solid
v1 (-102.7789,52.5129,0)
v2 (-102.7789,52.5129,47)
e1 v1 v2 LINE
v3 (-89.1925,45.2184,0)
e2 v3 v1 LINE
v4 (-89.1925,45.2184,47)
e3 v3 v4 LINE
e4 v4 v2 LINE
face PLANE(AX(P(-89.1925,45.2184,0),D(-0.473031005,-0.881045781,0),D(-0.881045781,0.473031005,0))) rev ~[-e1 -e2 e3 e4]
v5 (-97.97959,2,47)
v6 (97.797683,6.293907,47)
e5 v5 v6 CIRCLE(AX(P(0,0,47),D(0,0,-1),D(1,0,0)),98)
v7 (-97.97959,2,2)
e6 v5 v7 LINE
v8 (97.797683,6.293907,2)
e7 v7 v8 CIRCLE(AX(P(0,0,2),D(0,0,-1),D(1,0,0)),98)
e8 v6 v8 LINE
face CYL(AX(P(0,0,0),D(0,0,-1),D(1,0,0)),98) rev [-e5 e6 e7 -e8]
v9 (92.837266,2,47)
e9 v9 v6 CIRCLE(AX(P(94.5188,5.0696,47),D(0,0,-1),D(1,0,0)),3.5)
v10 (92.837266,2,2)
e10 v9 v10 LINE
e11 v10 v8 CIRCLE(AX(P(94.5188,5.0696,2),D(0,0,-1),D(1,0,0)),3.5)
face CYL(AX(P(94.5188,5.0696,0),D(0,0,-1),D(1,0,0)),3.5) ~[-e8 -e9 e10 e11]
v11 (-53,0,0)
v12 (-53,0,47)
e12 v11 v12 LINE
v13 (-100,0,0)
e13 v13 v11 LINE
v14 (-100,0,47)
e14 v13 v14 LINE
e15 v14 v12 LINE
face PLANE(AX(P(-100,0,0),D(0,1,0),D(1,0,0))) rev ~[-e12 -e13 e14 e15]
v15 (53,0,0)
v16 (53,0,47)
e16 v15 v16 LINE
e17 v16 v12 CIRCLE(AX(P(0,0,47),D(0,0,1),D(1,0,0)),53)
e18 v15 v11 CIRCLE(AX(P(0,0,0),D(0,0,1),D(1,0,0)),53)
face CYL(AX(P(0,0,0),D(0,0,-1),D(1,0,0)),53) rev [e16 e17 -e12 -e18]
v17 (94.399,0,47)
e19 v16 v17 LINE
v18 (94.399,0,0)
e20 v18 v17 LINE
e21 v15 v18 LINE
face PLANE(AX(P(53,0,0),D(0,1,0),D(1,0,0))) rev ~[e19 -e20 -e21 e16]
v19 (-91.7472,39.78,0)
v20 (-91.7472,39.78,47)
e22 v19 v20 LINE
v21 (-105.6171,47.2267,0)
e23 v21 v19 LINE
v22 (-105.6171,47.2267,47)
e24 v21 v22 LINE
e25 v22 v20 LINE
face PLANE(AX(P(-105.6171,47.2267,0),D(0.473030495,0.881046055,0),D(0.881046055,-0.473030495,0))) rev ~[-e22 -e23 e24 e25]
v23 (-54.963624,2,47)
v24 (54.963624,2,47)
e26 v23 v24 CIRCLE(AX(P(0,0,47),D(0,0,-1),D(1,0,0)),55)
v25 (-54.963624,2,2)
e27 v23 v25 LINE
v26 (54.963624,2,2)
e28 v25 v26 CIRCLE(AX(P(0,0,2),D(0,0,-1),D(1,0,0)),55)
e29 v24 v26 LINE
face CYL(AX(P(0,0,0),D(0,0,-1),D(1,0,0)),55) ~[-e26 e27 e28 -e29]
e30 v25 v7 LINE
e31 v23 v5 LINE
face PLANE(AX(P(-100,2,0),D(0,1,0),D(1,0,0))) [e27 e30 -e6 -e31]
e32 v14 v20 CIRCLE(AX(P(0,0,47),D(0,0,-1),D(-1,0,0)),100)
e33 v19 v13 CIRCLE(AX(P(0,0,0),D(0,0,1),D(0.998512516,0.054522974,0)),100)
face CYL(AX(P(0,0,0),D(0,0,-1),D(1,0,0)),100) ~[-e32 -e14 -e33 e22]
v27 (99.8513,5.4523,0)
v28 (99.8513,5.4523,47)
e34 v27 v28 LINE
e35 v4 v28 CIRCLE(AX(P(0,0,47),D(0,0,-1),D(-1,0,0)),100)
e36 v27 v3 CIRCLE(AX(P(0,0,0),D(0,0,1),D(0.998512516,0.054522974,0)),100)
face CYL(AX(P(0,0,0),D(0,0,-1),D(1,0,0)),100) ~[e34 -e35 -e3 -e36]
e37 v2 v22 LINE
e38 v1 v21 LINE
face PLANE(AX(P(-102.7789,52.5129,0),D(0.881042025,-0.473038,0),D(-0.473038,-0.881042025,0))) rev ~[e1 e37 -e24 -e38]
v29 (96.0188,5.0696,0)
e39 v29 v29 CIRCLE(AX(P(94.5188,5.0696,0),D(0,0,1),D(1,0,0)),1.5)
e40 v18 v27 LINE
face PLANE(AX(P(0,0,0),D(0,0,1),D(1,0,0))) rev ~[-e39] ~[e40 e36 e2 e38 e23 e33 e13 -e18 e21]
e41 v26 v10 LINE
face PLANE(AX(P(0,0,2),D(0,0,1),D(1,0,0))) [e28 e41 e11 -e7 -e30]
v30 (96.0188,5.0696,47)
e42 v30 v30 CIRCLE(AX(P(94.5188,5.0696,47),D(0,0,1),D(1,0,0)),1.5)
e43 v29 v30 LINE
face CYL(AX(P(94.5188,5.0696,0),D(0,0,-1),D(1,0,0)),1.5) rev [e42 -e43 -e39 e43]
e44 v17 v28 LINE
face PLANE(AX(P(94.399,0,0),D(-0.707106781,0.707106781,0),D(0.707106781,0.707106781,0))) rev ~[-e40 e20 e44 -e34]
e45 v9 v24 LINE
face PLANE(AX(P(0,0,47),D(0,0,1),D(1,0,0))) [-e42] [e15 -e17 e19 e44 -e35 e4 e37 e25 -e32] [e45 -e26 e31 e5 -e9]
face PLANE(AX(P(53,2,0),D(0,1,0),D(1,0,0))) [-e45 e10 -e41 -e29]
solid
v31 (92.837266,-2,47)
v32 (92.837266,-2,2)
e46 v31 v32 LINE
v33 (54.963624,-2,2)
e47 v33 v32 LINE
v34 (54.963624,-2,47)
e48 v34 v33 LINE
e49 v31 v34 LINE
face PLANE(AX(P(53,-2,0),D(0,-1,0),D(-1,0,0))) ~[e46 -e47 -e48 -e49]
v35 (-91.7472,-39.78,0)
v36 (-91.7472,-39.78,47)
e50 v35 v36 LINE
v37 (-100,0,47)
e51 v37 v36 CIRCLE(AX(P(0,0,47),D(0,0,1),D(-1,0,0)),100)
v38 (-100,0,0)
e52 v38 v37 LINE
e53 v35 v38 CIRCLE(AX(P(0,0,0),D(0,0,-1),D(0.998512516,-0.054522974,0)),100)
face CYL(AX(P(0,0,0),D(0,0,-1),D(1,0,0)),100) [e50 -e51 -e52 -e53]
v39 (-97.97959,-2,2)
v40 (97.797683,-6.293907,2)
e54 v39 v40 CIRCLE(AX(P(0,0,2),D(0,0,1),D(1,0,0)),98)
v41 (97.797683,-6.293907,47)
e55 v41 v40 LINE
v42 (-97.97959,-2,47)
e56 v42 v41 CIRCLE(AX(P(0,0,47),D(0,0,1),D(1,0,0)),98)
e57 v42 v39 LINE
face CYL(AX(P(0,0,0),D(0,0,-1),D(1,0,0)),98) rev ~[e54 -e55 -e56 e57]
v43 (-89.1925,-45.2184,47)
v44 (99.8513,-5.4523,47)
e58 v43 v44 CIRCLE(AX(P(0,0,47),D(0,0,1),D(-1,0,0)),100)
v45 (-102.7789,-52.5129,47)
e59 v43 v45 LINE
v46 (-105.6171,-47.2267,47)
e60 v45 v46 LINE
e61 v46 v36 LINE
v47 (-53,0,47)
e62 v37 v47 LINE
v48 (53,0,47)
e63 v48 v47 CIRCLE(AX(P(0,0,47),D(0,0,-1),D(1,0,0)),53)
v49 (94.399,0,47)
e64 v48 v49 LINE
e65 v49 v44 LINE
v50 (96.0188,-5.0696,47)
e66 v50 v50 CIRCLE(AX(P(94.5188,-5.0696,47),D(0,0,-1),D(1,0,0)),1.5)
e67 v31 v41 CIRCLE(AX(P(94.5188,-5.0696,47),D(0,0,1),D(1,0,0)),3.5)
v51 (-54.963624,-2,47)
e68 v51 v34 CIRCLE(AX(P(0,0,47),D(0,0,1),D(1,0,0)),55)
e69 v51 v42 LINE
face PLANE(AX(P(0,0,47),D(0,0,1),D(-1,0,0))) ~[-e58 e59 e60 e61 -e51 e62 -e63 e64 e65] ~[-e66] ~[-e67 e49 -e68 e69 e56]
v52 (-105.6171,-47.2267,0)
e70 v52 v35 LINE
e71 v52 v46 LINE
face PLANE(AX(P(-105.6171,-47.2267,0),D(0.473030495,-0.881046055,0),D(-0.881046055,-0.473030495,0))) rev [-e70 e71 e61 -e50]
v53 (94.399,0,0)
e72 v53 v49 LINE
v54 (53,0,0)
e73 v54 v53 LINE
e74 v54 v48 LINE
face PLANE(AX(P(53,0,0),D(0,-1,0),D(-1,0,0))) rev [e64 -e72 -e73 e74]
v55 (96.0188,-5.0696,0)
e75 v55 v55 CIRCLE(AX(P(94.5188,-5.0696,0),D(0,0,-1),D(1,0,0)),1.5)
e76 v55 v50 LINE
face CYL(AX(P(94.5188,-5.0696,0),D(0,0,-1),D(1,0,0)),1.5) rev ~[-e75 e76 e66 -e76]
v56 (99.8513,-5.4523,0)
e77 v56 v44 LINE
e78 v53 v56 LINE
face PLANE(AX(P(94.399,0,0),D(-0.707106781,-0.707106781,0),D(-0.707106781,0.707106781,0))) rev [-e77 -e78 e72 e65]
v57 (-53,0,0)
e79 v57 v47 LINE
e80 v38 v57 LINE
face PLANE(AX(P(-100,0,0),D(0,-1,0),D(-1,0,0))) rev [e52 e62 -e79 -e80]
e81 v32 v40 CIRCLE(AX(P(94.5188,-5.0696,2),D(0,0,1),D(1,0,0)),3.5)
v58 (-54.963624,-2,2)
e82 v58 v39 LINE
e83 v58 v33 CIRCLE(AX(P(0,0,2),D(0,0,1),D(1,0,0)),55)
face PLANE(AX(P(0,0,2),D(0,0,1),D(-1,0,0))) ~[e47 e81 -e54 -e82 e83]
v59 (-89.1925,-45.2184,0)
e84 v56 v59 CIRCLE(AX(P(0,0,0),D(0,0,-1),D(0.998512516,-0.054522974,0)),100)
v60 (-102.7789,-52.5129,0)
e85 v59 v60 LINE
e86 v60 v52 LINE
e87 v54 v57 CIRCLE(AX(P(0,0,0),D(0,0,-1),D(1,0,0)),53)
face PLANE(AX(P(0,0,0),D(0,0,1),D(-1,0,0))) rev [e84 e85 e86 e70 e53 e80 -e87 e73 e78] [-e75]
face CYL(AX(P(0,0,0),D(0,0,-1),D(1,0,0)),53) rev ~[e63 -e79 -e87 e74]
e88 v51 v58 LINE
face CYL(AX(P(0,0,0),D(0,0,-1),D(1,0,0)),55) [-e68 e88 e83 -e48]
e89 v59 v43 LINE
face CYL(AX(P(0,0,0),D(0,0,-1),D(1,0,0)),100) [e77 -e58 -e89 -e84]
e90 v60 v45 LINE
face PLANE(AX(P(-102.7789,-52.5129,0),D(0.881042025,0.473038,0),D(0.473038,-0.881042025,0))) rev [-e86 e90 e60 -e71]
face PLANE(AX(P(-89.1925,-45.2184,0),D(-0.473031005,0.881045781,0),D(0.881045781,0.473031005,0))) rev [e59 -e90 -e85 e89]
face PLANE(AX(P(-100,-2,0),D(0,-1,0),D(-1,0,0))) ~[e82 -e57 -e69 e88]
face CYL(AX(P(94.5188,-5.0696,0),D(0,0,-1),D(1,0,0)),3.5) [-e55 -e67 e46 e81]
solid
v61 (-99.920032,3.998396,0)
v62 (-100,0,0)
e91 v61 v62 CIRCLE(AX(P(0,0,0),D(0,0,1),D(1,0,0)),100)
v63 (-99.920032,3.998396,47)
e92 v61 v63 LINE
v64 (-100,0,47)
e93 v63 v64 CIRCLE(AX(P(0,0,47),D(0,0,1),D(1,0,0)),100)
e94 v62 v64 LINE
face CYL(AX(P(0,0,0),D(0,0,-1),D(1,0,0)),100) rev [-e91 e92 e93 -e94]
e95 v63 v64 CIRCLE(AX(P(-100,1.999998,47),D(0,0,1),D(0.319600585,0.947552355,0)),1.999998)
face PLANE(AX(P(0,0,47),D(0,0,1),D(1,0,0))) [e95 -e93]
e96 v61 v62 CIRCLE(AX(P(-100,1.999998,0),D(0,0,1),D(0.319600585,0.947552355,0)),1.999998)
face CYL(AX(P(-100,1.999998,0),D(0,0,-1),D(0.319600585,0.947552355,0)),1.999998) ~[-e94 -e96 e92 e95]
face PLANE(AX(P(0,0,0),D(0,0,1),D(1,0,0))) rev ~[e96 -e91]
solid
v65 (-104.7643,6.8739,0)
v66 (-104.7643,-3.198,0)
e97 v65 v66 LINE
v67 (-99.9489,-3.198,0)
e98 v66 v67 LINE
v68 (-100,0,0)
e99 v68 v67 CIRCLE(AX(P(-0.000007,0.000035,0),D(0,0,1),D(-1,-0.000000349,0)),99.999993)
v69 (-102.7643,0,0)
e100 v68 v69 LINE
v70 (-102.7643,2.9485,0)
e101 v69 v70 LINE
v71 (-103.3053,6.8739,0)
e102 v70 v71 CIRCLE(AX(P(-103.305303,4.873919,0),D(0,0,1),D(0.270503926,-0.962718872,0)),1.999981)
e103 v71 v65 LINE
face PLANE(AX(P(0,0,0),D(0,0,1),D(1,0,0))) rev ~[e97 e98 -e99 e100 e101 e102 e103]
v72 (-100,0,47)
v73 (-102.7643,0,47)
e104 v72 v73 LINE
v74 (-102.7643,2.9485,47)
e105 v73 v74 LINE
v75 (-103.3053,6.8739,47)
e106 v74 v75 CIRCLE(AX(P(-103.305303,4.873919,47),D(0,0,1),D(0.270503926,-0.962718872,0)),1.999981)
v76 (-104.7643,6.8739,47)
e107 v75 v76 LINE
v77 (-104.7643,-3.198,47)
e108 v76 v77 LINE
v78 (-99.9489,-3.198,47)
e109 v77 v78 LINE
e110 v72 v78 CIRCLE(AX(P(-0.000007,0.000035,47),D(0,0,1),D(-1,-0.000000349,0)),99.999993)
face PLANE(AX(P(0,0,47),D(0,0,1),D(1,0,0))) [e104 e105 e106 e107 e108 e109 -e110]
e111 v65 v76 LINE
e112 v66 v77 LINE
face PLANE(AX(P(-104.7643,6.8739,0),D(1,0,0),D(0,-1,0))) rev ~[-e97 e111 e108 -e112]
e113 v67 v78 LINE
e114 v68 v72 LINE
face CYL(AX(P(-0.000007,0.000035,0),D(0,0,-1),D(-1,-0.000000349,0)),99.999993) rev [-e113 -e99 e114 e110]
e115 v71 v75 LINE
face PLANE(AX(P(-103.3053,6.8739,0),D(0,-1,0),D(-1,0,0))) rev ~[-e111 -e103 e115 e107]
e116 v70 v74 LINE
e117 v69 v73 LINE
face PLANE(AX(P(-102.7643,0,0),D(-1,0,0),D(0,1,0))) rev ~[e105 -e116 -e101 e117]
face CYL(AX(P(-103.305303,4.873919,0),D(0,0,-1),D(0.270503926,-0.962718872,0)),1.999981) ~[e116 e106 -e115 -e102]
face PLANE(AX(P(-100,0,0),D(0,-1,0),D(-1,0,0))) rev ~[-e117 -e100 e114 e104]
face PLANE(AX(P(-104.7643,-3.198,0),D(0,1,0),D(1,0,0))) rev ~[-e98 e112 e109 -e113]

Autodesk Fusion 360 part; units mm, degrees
sketch "Sketch1" plane through (0, 0, 0) normal (0, 0, 1) x (1, 0, 0)
  arc A0 (100, 0) -> (-100, 0) centre (0, 0) ccw
  line L0 (0, 0) -> (100, 0) construction
  line L1 (0, 0) -> (-100, 0) construction
  arc A1 (53, 0) -> (-53, 0) centre (0, 0) ccw
  line L2 (0, 0) -> (53, 0) construction
  line L3 (0, 0) -> (-53, 0) construction
  line L4 (-100, 0) -> (-53, 0)
  line L5 (53, 0) -> (100, 0)
  line L6 (94.399, 0) -> (99.8513, 5.4523)
  line L7 (94.399, 0) -> (102.1097, 0) construction
  line L8 (-89.1925, 45.2184) -> (-102.7789, 52.5129)
  line L9 (-102.7789, 52.5129) -> (-105.6171, 47.2267)
  line L10 (-105.6171, 47.2267) -> (-91.7472, 39.78)
  circle A2 centre (94.5188, 5.0696) radius 1.5
  circle A3 centre (94.5188, 5.0696) radius 2.5
  dimension "d1" = 100
  dimension "d5" = 47
  dimension "d6" = 45
  dimension "d7" = 6
  dimension "d11" = 3
  dimension "d12" = 2
  dimension "d13" = 5
extrude "Extrude1" add sketch "Sketch1" along normal blind 47 contours A0 A1 L4 L5 L6 | A3 makes body 1
shell "Shell1" thickness 2 removed faces 1 at (80.8693, 23.265, 47) on bodies 1
extrude "Extrude2" add sketch "Sketch1" along normal up to surface (47 mm away) contours A0 L8 L9 L10 bodies 1
mirror "Mirror1" about plane through (0, 0, 0) normal (0, 1, 0) of bodies 1 makes body 2
sketch "Sketch2" plane through (0, 0, 0) normal (0, 0, 1) x (1, 0, 0)
  arc A0 (100, 0) -> (-100, 0) centre (0, 0) ccw
  arc A1 (-100, 0) -> (-91.7472, -39.78) centre (0, 0) ccw
  arc A2 (-99.3608, 3.8951) -> (-100, 0) centre (-100, 2) ccw
  line L0 (-100, 0) -> (-102.7643, 0)
  line L1 (-102.7643, 0) -> (-102.7643, 2.9485)
  arc A3 (-99.8526, 5.4275) -> (-99.8385, 5.6804) centre (-101.6525, 5.6545) ccw
  arc A4 (-102.7643, 2.9485) -> (-103.3053, 6.8739) centre (-103.3053, 4.8739) ccw
  line L2 (-103.3053, 6.8739) -> (-104.7643, 6.8739)
  line L3 (-104.7643, 6.8739) -> (-104.7643, -3.198)
  line L4 (-104.7643, -3.198) -> (-99.9489, -3.198)
  line L5 (-100, 0) -> (-53, 0)
  dimension "d17" = 2
  dimension "d18" = 2
  dimension "d19" = 2
extrude "Extrude3" add sketch "Sketch2" along normal up to surface (47 mm away) separate body contours A1 L0 L1 A4 L2 L3 L4 makes body 3
extrude "Extrude4" add sketch "Sketch2" along normal up to surface (47 mm away) separate body contours A0 A2 makes body 4
